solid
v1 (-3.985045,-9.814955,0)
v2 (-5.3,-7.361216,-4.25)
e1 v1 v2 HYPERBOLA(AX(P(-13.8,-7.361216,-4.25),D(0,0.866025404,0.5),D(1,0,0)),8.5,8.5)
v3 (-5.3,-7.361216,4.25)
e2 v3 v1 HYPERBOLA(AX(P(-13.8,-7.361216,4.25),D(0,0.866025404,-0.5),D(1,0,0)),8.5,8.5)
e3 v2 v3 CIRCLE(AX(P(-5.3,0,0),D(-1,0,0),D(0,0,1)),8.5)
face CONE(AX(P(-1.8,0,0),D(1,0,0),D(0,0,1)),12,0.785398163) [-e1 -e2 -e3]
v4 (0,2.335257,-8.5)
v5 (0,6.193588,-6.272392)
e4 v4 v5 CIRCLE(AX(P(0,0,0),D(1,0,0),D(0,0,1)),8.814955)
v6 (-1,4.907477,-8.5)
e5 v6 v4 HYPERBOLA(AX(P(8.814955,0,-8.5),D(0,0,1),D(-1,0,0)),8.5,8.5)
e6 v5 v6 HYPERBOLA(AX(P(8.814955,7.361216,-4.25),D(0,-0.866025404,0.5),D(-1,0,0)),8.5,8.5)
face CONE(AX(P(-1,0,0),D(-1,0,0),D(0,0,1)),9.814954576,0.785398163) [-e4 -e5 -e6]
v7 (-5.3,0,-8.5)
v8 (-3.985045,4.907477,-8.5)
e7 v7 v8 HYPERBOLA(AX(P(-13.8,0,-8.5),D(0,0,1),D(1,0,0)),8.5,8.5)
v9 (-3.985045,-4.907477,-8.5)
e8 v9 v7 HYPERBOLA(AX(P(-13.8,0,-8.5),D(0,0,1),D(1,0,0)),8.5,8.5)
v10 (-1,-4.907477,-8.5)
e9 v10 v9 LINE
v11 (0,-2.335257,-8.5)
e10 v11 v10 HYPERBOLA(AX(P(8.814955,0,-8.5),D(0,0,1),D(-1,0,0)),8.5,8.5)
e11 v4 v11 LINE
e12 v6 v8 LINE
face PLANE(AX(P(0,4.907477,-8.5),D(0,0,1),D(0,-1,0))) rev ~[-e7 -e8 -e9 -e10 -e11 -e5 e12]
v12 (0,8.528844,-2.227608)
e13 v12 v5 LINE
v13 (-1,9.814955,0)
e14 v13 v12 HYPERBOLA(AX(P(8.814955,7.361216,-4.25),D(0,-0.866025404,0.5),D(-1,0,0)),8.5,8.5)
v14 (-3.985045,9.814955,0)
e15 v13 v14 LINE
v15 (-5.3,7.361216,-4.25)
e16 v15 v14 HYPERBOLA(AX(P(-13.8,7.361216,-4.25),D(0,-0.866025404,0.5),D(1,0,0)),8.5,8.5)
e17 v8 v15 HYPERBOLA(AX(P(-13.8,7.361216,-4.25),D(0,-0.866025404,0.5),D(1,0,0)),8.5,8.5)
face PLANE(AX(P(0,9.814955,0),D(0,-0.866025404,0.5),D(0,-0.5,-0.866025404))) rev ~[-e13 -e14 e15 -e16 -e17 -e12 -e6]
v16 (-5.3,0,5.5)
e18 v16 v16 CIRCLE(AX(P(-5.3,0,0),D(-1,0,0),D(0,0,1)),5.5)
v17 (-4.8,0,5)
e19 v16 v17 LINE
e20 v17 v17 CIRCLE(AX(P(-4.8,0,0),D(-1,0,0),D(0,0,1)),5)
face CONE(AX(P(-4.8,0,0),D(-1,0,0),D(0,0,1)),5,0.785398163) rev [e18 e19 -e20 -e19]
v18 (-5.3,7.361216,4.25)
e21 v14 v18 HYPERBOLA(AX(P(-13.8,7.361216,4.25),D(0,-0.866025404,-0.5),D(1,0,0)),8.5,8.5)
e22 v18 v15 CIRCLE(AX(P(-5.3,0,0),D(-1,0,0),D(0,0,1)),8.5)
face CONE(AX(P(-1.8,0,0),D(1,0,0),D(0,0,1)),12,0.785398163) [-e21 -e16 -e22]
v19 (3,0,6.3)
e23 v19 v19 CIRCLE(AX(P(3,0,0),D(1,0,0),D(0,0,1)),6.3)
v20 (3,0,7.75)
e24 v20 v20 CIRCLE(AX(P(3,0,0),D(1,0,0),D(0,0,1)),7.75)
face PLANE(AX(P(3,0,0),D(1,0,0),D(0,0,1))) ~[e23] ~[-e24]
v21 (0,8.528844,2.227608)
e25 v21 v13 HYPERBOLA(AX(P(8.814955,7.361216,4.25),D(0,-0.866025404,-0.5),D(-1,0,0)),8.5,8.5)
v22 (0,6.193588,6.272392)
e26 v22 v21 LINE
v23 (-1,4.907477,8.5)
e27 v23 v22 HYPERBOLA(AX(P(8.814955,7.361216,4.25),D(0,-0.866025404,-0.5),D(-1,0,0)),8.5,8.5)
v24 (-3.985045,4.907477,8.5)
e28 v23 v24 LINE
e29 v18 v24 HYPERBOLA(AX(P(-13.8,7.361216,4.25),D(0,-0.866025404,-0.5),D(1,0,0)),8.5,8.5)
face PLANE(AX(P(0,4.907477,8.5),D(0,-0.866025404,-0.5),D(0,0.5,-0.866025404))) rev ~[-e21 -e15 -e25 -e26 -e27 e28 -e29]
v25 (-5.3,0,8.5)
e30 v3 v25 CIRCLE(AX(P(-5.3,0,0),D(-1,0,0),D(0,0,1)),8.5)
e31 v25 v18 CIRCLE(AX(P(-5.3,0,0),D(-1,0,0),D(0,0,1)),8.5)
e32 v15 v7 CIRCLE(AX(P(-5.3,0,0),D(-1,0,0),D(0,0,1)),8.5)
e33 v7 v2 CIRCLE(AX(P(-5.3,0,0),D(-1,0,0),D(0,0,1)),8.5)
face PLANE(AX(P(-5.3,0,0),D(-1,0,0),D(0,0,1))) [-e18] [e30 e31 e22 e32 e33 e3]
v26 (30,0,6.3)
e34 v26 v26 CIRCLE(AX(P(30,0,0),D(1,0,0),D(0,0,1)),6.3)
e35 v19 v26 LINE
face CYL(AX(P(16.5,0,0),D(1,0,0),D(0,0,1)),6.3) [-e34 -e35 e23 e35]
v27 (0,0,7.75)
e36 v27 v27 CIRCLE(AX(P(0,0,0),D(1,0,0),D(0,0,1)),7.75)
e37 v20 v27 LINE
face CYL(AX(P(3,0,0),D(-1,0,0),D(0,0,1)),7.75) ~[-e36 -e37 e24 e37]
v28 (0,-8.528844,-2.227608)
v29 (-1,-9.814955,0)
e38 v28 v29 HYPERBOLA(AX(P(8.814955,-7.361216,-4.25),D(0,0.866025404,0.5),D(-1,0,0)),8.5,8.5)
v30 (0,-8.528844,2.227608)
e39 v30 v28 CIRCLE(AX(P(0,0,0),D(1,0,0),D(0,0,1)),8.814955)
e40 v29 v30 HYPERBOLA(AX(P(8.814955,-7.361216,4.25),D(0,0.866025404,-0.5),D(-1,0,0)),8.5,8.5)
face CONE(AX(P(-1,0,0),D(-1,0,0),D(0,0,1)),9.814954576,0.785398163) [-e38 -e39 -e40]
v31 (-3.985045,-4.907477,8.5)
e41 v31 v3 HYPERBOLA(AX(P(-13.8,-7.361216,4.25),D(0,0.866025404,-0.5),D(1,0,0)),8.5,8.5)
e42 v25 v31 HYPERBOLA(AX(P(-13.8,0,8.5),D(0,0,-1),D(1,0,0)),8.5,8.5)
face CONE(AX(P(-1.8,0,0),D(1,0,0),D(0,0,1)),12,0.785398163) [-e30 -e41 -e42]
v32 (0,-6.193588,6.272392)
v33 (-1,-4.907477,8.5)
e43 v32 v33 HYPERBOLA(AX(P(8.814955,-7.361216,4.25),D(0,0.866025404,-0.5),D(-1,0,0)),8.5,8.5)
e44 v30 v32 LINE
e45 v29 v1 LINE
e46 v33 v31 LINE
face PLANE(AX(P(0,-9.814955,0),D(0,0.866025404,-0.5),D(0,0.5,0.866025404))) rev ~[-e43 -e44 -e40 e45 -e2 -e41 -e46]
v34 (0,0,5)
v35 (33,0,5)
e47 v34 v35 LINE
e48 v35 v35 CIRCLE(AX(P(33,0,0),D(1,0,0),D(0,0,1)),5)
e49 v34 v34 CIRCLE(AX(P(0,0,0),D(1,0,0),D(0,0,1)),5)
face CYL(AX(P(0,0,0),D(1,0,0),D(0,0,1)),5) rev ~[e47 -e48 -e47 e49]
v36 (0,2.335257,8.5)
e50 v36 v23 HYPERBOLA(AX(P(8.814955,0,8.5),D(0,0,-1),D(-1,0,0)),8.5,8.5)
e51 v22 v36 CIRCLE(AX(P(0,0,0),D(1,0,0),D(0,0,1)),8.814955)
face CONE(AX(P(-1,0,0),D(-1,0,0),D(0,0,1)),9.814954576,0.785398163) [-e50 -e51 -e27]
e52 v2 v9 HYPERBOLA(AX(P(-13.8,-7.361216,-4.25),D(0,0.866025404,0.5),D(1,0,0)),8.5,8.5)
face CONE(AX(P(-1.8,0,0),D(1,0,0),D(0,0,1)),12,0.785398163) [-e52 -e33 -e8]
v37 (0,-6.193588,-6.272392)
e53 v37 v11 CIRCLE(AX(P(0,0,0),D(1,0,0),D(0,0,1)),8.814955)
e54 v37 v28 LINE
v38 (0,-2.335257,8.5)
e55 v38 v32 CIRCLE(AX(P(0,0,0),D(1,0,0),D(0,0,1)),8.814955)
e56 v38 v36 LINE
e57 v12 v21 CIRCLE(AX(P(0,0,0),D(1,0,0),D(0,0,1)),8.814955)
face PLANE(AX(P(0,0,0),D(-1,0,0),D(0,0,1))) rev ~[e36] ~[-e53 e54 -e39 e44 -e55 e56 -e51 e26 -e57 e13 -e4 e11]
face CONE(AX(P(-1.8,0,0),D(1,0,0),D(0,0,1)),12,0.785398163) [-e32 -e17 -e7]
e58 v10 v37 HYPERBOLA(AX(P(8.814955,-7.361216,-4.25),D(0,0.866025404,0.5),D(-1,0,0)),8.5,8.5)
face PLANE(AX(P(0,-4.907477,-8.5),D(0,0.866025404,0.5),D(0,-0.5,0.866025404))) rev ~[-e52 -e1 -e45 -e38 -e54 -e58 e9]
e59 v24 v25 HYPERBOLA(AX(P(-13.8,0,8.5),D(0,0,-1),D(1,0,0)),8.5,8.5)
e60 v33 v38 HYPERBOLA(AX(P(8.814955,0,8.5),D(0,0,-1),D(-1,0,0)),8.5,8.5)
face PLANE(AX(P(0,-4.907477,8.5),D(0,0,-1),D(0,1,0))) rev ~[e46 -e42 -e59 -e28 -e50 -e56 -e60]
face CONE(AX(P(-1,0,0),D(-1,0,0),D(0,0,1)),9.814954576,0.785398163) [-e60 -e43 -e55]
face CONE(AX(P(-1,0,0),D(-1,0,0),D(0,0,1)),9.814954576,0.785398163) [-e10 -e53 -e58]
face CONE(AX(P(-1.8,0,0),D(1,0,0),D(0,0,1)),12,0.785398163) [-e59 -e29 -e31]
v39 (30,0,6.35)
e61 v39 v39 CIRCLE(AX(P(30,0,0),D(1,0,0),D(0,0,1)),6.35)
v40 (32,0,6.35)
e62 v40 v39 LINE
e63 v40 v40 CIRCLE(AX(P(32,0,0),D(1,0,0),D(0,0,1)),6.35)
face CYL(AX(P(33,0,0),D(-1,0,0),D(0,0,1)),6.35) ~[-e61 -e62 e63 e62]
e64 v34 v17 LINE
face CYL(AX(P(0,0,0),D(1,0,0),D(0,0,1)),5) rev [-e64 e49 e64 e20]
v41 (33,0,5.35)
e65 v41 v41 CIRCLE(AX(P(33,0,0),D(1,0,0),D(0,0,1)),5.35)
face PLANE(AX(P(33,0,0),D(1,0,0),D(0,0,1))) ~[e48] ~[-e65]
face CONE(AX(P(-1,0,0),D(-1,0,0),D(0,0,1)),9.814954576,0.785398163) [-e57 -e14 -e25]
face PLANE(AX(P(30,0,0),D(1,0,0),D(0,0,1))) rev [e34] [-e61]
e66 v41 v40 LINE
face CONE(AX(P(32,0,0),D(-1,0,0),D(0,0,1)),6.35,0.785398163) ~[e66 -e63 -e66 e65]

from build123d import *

# Parameters (mm, degrees)
SFAZOWANIE2_SIZE            = 1
SZKIC2_W                    = 27
SZKIC2_H                    = 0.05
SZKIC3_R                    = 5
DODANIE_WYCI_GNI_CIE1_DEPTH = 5.3
SFAZOWANIE3_SIZE            = 0.5


with BuildPart() as part:
    # Szkic1 → Obrót1 (revolve)
    with BuildSketch(Plane.XY, mode=Mode.PRIVATE) as obr_t1_sk:
        Polygon((0, 5), (33, 5), (33, 6.35), (3, 6.35), (3, 7.75), (0, 7.75), align=None)
    revolve(obr_t1_sk.sketch.rotate(Axis((0, 0, 0), (1, 0, 0)), 90), axis=Axis((0, 0, 0), (1, 0, 0)))

    # Sfazowanie2
    sfazowanie2_edges = [part.edges().sort_by_distance(p)[0] for p in [
        (33, 0, -6.35),
    ]]
    chamfer(sfazowanie2_edges, length=SFAZOWANIE2_SIZE)

    # Szkic2 → Wycięcie-obrót1 (revolve, cut)
    with BuildSketch(Plane.XY, mode=Mode.PRIVATE) as wyci_cie_obr_t1_sk:
        with Locations((16.5, 6.325)):
            Rectangle(SZKIC2_W, SZKIC2_H)
    revolve(wyci_cie_obr_t1_sk.sketch.rotate(Axis((3, 0, 0), (1, 0, 0)), 90), axis=Axis((3, 0, 0), (1, 0, 0)), mode=Mode.SUBTRACT)

    # Szkic3 → Dodanie-wyciągnięcie1 (add)
    with BuildSketch(Plane.ZY):
        Polygon((8.5, -4.907477288), (8.5, 4.907477288), (0, 9.814954576), (-8.5, 4.907477288), (-8.5, -4.907477288), (0, -9.814954576), align=None)
        Circle(SZKIC3_R, mode=Mode.SUBTRACT)
    extrude(amount=DODANIE_WYCI_GNI_CIE1_DEPTH)

    # Szkic4 → Wycięcie-obrót2 (revolve, cut)
    with BuildSketch(Plane(origin=(0, 0, 0), x_dir=(1, 0, 0), z_dir=(0, 1, 0)), mode=Mode.PRIVATE) as wyci_cie_obr_t2_sk:
        Polygon((-5.3, 8.5), (-5.3, 12), (-1.8, 12), align=None)
    revolve(wyci_cie_obr_t2_sk.sketch.rotate(Axis((0, 0, 0), (-1, 0, 0)), 180), axis=Axis((0, 0, 0), (-1, 0, 0)), mode=Mode.SUBTRACT)

    # Szkic5 → Wycięcie-obrót3 (revolve, cut)
    with BuildSketch(Plane.XY, mode=Mode.PRIVATE) as wyci_cie_obr_t3_sk:
        Polygon((0, -8.814954576), (0, -9.814954576), (-1, -9.814954576), align=None)
    revolve(wyci_cie_obr_t3_sk.sketch.rotate(Axis((0, 0, 0), (1, 0, 0)), 270), axis=Axis((0, 0, 0), (1, 0, 0)), mode=Mode.SUBTRACT)

    # Sfazowanie3
    sfazowanie3_edges = [part.edges().sort_by_distance(p)[0] for p in [
        (-5.3, 0, -5),
    ]]
    chamfer(sfazowanie3_edges, length=SFAZOWANIE3_SIZE)


solid = part.part
